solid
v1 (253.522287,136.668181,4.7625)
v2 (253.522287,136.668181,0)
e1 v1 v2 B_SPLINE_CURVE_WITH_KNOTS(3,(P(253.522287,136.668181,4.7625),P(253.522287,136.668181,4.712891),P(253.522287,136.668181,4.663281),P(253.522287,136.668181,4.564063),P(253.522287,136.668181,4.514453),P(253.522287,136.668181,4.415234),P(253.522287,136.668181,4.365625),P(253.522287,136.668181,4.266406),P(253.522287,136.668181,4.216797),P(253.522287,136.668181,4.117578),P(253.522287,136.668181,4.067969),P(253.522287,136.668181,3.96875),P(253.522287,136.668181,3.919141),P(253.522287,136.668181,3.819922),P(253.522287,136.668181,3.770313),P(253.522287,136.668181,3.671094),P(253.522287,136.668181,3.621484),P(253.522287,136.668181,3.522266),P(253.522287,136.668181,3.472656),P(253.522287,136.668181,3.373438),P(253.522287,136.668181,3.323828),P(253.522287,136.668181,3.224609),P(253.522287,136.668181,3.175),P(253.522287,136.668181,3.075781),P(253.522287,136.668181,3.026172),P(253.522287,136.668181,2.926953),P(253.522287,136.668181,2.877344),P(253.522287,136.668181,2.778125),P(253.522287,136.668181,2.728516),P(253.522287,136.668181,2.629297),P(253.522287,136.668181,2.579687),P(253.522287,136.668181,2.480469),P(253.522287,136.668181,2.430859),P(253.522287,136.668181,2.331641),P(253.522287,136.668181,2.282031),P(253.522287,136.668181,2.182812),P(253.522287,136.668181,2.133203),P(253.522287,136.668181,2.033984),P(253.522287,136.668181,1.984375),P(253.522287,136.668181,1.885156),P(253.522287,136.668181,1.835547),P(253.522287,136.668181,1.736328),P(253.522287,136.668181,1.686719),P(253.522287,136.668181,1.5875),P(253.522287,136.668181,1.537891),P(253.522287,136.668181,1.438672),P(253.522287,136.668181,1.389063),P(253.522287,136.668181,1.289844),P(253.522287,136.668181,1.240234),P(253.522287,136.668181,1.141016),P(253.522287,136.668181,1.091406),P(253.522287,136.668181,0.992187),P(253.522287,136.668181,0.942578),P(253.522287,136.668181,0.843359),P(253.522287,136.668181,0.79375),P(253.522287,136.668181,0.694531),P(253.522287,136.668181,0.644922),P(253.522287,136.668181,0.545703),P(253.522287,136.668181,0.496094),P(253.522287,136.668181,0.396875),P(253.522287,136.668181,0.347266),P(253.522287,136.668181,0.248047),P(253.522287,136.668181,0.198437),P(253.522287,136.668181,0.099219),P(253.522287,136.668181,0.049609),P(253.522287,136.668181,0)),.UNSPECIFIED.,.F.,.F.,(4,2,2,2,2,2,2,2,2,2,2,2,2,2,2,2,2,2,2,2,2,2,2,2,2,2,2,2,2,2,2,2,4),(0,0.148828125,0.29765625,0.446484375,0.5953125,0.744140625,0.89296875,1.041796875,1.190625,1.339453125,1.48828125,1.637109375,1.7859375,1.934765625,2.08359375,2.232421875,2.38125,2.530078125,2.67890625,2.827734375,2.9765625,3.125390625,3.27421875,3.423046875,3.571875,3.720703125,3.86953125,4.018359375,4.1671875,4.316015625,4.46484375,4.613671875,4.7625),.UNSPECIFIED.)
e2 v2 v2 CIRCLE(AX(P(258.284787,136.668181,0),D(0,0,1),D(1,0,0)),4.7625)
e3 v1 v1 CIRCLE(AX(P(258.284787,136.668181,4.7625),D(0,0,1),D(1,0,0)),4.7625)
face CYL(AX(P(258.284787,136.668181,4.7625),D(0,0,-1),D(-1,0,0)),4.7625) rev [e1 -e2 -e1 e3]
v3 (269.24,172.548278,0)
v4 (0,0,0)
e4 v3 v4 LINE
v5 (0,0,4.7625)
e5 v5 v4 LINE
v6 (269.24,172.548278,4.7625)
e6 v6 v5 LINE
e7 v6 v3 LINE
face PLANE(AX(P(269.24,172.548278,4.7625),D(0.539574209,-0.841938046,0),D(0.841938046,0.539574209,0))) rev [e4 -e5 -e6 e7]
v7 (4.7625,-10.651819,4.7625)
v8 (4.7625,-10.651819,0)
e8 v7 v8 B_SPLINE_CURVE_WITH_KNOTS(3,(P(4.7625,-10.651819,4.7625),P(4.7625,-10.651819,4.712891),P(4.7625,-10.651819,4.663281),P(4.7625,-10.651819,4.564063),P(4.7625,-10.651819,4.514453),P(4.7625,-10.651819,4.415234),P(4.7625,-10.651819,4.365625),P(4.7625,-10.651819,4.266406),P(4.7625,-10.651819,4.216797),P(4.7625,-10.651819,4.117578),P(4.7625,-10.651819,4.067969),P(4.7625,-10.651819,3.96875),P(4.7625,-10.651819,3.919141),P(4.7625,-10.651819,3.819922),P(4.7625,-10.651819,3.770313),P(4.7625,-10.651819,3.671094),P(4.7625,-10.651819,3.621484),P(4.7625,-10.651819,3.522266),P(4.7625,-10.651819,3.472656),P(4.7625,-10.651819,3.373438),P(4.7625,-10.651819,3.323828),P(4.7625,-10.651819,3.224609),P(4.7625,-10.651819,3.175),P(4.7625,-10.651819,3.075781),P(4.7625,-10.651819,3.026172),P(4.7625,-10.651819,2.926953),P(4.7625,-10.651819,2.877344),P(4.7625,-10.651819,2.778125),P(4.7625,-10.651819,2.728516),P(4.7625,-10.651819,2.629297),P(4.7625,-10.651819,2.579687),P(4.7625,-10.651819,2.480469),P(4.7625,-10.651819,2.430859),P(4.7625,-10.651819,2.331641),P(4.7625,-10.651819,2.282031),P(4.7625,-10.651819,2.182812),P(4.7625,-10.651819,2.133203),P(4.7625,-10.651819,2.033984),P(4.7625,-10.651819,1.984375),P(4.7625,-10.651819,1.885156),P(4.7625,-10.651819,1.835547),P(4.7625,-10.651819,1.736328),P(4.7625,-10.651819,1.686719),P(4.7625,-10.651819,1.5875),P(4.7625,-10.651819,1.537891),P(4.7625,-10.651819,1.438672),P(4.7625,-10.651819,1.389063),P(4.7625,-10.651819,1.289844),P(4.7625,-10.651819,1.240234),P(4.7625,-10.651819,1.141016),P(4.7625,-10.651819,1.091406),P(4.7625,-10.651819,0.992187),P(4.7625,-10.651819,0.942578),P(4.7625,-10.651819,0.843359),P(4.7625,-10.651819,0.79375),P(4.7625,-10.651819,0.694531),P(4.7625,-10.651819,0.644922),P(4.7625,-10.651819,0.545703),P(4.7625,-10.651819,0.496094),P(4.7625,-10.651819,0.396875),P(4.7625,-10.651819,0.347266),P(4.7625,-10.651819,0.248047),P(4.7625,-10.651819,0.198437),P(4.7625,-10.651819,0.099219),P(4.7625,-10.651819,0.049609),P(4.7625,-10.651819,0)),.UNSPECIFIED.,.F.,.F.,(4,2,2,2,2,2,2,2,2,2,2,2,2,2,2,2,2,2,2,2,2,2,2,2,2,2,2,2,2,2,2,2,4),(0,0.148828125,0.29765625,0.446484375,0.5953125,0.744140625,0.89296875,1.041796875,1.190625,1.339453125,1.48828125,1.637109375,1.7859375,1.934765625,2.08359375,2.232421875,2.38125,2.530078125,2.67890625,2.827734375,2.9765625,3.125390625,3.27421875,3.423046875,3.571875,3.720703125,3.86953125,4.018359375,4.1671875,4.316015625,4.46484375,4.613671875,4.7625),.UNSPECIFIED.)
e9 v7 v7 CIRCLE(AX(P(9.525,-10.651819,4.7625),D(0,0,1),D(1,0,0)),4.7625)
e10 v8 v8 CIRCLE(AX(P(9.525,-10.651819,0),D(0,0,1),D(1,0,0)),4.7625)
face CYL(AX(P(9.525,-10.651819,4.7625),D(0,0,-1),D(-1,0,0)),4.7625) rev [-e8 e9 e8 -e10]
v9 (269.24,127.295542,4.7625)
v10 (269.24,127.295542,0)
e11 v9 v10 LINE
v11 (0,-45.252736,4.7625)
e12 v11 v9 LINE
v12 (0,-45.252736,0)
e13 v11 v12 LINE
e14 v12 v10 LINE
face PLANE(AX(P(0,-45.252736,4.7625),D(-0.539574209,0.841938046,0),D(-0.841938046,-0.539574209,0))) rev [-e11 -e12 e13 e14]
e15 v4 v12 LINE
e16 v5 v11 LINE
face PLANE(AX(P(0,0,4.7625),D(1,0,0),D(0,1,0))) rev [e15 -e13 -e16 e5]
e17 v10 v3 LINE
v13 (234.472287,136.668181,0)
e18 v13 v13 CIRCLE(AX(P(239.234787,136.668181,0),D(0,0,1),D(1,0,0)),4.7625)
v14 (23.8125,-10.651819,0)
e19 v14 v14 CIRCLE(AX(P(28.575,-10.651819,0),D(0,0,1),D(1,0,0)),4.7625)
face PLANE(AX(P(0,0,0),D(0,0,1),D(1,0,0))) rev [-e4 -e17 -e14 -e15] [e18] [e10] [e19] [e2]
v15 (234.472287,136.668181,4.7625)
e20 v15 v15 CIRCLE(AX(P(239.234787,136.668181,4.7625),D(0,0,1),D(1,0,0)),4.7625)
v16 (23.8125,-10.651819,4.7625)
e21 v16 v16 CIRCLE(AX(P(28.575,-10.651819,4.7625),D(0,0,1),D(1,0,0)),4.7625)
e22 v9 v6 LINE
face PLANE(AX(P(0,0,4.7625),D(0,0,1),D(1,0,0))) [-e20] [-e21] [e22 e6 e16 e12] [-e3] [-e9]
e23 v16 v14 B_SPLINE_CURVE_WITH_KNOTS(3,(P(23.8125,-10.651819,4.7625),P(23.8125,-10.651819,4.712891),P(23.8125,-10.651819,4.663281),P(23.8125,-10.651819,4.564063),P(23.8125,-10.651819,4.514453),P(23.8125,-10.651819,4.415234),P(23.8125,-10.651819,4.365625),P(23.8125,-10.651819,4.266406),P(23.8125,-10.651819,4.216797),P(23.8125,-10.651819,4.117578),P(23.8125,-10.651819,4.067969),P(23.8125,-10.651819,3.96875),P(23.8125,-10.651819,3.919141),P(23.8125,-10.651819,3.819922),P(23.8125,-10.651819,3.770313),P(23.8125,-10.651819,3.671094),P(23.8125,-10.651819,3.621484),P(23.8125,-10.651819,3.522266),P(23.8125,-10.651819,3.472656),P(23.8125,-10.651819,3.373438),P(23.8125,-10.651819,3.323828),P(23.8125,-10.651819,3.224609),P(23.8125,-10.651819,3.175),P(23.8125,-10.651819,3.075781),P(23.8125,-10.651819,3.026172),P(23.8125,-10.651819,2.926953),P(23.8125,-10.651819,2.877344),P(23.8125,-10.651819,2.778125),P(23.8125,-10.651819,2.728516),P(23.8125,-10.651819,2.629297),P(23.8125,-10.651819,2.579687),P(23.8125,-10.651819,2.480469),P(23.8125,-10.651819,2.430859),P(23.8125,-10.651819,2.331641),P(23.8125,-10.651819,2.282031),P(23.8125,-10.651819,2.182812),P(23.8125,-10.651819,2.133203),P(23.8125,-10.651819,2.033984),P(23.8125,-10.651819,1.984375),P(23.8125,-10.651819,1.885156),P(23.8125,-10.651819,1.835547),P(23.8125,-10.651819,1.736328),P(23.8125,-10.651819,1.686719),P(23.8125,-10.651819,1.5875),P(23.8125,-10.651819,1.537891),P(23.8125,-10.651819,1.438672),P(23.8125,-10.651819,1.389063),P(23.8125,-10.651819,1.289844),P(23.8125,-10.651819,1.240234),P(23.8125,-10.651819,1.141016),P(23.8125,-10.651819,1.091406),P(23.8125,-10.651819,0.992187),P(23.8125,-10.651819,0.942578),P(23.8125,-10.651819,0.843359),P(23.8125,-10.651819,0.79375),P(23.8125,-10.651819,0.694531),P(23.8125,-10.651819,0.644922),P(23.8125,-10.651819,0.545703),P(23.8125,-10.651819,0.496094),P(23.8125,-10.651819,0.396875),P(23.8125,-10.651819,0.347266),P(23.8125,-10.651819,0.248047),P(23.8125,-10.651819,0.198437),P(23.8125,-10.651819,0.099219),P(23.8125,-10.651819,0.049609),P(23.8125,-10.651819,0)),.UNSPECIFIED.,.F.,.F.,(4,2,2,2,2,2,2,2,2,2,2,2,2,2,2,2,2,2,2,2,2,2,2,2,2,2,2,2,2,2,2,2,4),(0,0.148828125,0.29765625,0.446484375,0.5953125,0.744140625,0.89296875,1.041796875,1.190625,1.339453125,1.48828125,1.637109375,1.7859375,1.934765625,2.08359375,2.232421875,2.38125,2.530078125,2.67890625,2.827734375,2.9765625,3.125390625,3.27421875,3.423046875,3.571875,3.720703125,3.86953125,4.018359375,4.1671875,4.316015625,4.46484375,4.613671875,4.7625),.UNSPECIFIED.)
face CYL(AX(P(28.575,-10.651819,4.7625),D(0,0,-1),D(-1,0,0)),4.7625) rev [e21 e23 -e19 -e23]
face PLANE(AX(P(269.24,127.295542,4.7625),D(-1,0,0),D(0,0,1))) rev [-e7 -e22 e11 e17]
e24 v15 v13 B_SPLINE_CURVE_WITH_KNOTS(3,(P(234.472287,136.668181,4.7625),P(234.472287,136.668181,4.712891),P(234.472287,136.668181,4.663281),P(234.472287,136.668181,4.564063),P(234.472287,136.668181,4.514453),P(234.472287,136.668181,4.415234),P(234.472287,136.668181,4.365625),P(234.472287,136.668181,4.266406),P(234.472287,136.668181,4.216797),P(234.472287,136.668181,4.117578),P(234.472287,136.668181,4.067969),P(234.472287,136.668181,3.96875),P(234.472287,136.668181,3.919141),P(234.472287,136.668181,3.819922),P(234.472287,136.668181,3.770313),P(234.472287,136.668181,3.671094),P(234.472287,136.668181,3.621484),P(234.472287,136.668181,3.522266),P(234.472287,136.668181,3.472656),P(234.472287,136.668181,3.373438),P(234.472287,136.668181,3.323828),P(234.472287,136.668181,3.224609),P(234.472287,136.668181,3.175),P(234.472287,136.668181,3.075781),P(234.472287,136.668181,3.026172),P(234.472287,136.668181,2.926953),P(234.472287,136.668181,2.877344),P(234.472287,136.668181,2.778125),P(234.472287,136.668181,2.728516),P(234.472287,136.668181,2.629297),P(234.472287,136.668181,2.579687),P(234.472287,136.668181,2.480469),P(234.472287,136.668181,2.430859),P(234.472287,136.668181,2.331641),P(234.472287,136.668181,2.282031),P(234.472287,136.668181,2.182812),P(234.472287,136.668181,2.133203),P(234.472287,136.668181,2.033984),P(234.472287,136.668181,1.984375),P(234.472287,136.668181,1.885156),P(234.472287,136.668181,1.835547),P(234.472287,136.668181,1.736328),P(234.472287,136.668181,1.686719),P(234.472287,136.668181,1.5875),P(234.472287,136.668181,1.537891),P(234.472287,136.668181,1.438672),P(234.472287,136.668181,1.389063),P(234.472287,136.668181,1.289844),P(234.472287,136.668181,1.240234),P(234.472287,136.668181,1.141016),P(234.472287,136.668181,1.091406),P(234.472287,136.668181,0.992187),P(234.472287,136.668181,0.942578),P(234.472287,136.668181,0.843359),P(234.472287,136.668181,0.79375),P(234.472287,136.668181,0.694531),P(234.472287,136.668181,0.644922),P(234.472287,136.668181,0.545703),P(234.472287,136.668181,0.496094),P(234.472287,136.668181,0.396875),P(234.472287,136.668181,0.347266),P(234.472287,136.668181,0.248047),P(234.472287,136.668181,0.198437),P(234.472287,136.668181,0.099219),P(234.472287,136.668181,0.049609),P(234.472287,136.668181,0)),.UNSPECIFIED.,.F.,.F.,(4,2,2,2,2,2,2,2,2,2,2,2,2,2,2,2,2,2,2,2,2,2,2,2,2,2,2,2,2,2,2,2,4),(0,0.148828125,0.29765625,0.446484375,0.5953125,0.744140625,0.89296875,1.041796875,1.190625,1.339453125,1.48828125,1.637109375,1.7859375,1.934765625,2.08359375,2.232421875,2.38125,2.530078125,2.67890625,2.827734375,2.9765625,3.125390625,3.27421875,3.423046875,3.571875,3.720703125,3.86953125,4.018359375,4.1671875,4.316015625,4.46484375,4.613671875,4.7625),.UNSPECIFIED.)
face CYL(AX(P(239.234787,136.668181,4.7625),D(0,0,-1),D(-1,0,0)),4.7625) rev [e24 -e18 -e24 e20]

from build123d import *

# Parameters (mm, degrees)
SKETCH1_R           = 4.7625
BOSS_EXTRUDE1_DEPTH = 4.7625


with BuildPart() as part:
    # Sketch1 → Boss-Extrude1 (new body)
    with BuildSketch(Plane.XY):
        Polygon((0, 0), (0, -45.252735849), (269.24, 127.295542021), (269.24, 172.54827787), align=None)
        with Locations(Location((9.525, -10.651818651, 0), (0, 0, 180))):
            Circle(SKETCH1_R, mode=Mode.SUBTRACT)
        with Locations(Location((28.575, -10.651818651, 0), (0, 0, 180))):
            Circle(SKETCH1_R, mode=Mode.SUBTRACT)
        with Locations(Location((239.234787134, 136.668181349, 0), (0, 0, 180))):
            Circle(SKETCH1_R, mode=Mode.SUBTRACT)
        with Locations(Location((258.284787134, 136.668181349, 0), (0, 0, 180))):
            Circle(SKETCH1_R, mode=Mode.SUBTRACT)
    extrude(amount=BOSS_EXTRUDE1_DEPTH)


solid = part.part
